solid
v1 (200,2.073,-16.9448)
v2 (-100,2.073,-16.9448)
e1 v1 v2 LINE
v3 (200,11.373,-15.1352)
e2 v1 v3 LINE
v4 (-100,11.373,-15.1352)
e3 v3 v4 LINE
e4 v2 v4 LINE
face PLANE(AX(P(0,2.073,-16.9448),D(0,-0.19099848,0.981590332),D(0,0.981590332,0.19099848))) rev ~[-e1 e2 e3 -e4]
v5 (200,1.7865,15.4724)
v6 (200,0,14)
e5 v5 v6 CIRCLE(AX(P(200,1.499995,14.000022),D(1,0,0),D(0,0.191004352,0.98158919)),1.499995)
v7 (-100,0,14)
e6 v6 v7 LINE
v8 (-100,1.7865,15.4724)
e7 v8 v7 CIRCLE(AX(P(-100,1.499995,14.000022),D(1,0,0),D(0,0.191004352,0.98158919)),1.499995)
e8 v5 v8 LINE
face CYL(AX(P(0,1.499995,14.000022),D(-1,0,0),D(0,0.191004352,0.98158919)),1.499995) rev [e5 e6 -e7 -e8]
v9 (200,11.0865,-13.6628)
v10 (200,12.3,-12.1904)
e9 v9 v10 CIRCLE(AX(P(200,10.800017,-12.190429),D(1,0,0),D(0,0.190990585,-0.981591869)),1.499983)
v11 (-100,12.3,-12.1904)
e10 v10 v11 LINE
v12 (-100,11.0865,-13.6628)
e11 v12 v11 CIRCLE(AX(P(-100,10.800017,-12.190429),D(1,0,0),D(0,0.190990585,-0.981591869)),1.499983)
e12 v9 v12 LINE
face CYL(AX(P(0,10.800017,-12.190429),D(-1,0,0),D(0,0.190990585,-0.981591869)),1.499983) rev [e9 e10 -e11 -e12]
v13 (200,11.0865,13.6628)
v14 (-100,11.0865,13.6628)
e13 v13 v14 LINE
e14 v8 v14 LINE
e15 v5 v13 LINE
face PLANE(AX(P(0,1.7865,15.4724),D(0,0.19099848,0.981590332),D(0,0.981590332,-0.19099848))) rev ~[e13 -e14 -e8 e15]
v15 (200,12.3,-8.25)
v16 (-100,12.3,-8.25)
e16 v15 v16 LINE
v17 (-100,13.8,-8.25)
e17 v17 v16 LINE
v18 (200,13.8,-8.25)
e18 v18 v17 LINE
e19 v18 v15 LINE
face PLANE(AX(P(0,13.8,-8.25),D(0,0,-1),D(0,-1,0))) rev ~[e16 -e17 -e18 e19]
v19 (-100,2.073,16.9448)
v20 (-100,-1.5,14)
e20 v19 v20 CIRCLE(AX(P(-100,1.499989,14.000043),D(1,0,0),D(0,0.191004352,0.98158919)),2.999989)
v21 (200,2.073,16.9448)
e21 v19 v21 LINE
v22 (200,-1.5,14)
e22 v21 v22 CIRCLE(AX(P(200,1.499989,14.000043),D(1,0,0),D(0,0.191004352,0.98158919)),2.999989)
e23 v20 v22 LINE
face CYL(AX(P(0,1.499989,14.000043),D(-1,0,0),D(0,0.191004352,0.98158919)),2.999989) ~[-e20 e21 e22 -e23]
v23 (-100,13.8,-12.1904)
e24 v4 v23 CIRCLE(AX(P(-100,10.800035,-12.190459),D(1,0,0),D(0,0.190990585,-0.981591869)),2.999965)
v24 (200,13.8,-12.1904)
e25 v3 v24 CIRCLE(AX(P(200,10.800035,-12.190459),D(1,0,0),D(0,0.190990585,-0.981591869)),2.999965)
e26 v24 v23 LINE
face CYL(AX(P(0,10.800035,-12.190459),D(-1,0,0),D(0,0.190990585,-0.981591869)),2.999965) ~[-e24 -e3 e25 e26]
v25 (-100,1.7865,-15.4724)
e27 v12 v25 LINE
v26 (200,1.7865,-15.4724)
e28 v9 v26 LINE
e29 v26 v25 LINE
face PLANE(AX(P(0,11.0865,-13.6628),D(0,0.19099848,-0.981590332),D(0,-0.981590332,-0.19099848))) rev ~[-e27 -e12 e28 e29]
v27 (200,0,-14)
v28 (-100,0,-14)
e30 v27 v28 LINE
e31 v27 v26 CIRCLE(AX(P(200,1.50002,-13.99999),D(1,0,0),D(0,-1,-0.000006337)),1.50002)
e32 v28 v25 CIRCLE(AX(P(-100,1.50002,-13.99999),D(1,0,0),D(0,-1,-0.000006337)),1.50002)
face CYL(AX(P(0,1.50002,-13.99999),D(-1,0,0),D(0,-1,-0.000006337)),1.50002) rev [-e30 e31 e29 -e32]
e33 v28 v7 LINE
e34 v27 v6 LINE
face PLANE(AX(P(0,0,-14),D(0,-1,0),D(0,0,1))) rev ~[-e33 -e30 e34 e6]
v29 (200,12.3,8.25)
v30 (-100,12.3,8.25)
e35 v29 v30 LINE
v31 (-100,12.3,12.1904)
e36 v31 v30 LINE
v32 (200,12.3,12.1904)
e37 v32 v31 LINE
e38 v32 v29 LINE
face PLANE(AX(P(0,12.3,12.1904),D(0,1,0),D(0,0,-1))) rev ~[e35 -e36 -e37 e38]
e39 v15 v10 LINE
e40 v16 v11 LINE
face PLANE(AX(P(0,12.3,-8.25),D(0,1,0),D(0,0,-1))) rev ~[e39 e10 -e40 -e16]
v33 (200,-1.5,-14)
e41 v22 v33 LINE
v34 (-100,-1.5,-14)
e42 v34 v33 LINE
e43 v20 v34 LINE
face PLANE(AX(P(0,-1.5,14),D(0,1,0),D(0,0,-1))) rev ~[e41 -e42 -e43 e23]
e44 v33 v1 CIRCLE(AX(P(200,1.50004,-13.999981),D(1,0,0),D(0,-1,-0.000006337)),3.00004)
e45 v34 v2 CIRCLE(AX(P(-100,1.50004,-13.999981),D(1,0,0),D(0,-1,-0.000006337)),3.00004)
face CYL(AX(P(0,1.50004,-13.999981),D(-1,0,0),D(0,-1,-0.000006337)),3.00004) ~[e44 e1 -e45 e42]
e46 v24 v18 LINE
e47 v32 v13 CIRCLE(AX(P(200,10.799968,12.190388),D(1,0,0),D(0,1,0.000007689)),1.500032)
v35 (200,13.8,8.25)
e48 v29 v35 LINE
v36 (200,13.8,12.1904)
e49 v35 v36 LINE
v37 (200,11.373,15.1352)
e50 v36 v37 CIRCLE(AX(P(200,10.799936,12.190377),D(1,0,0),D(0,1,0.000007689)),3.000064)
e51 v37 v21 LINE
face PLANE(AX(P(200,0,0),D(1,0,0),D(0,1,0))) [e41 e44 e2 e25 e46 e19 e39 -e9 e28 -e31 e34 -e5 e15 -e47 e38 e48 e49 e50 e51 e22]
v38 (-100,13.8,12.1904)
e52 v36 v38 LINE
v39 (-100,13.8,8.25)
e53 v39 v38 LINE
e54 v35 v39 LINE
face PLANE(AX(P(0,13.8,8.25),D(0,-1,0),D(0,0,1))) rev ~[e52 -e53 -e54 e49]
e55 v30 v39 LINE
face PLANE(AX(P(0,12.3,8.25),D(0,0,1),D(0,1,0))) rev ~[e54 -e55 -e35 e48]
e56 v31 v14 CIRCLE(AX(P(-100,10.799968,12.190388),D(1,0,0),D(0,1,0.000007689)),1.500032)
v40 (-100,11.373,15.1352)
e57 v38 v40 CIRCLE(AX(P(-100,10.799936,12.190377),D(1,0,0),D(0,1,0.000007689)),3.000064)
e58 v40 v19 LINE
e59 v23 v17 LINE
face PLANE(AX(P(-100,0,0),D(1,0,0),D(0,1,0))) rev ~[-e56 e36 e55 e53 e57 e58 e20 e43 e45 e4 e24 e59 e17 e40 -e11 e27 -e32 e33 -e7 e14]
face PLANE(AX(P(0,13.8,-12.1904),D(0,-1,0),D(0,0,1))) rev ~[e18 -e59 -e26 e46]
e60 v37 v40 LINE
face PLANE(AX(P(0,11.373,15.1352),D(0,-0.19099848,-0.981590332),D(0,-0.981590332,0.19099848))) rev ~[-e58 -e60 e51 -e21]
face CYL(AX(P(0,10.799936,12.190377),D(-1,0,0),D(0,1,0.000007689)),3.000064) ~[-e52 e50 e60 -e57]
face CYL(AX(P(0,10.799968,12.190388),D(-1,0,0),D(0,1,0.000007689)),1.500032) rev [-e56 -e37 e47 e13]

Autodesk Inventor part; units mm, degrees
ref_plane "S1_XY" through (0, -1.5, 0) normal (-1, 0, 0) x (0, 0, -1)
ref_plane "S1_YZ" through (0, -1.5, 0) normal (0, 0, -1) x (0, -1, 0)
ref_plane "S1_ZX" through (0, -1.5, 0) normal (0, -1, 0) x (-1, 0, 0)
ref_plane "S2_XY" through (200, -1.5, 0) normal (1, 0, 0) x (0, 0, -1)
ref_plane "S2_YZ" through (200, -1.5, 0) normal (0, 0, -1) x (0, 1, 0)
ref_plane "S2_ZX" through (200, -1.5, 0) normal (0, 1, 0) x (1, 0, 0)
sketch "Sketch_1" plane through (0, 0, 0) normal (1, 0, 0) x (0, 1, 0)
  arc A0 (2.073, 16.9448) -> (-1.5, 14) centre (1.5, 14) ccw
  line L0 (-1.5, 14) -> (-1.5, -14)
  arc A1 (-1.5, -14) -> (2.073, -16.9448) centre (1.5, -14) ccw
  line L1 (2.073, -16.9448) -> (11.373, -15.1352)
  arc A2 (11.373, -15.1352) -> (13.8, -12.1904) centre (10.8, -12.1904) ccw
  line L2 (13.8, -12.1904) -> (13.8, -8.25)
  line L3 (13.8, -8.25) -> (12.3, -8.25)
  line L4 (12.3, -8.25) -> (12.3, -12.1904)
  arc A3 (11.0865, -13.6628) -> (12.3, -12.1904) centre (10.8, -12.1904) ccw
  line L5 (11.0865, -13.6628) -> (1.7865, -15.4724)
  arc A4 (0, -14) -> (1.7865, -15.4724) centre (1.5, -14) ccw
  line L6 (0, -14) -> (0, 14)
  arc A5 (1.7865, 15.4724) -> (0, 14) centre (1.5, 14) ccw
  line L7 (1.7865, 15.4724) -> (11.0865, 13.6628)
  arc A6 (12.3, 12.1904) -> (11.0865, 13.6628) centre (10.8, 12.1904) ccw
  line L8 (12.3, 12.1904) -> (12.3, 8.25)
  line L9 (12.3, 8.25) -> (13.8, 8.25)
  line L10 (13.8, 8.25) -> (13.8, 12.1904)
  arc A7 (13.8, 12.1904) -> (11.373, 15.1352) centre (10.8, 12.1904) ccw
  line L11 (11.373, 15.1352) -> (2.073, 16.9448)
extrude "Extrusion1" add sketch "Sketch_1" along normal blind 200 and the other way blind 100
sketch "Sketch2" plane through (-100, -1.5, -14) normal (0, -1, 0) x (1, 0, 0)
  circle A0 centre (26.56, 10.8287) radius 19.7262
  point P0 (100, 14)
sketch "草图3" plane through (200, -1.5, -14) normal (0, -1, 0) x (1, 0, 0)
  circle A0 centre (-27.2013, 14) radius 12.4918
  point P0 (-200, 14)
sketch "草图4" plane through (-100, 0, 0) normal (-1, 0, 0) x (0, 0, 1)
  circle A0 centre (11.9436, 5.123) radius 5.6638
  point P0 (0, 0)
properties part number "3932-200"
